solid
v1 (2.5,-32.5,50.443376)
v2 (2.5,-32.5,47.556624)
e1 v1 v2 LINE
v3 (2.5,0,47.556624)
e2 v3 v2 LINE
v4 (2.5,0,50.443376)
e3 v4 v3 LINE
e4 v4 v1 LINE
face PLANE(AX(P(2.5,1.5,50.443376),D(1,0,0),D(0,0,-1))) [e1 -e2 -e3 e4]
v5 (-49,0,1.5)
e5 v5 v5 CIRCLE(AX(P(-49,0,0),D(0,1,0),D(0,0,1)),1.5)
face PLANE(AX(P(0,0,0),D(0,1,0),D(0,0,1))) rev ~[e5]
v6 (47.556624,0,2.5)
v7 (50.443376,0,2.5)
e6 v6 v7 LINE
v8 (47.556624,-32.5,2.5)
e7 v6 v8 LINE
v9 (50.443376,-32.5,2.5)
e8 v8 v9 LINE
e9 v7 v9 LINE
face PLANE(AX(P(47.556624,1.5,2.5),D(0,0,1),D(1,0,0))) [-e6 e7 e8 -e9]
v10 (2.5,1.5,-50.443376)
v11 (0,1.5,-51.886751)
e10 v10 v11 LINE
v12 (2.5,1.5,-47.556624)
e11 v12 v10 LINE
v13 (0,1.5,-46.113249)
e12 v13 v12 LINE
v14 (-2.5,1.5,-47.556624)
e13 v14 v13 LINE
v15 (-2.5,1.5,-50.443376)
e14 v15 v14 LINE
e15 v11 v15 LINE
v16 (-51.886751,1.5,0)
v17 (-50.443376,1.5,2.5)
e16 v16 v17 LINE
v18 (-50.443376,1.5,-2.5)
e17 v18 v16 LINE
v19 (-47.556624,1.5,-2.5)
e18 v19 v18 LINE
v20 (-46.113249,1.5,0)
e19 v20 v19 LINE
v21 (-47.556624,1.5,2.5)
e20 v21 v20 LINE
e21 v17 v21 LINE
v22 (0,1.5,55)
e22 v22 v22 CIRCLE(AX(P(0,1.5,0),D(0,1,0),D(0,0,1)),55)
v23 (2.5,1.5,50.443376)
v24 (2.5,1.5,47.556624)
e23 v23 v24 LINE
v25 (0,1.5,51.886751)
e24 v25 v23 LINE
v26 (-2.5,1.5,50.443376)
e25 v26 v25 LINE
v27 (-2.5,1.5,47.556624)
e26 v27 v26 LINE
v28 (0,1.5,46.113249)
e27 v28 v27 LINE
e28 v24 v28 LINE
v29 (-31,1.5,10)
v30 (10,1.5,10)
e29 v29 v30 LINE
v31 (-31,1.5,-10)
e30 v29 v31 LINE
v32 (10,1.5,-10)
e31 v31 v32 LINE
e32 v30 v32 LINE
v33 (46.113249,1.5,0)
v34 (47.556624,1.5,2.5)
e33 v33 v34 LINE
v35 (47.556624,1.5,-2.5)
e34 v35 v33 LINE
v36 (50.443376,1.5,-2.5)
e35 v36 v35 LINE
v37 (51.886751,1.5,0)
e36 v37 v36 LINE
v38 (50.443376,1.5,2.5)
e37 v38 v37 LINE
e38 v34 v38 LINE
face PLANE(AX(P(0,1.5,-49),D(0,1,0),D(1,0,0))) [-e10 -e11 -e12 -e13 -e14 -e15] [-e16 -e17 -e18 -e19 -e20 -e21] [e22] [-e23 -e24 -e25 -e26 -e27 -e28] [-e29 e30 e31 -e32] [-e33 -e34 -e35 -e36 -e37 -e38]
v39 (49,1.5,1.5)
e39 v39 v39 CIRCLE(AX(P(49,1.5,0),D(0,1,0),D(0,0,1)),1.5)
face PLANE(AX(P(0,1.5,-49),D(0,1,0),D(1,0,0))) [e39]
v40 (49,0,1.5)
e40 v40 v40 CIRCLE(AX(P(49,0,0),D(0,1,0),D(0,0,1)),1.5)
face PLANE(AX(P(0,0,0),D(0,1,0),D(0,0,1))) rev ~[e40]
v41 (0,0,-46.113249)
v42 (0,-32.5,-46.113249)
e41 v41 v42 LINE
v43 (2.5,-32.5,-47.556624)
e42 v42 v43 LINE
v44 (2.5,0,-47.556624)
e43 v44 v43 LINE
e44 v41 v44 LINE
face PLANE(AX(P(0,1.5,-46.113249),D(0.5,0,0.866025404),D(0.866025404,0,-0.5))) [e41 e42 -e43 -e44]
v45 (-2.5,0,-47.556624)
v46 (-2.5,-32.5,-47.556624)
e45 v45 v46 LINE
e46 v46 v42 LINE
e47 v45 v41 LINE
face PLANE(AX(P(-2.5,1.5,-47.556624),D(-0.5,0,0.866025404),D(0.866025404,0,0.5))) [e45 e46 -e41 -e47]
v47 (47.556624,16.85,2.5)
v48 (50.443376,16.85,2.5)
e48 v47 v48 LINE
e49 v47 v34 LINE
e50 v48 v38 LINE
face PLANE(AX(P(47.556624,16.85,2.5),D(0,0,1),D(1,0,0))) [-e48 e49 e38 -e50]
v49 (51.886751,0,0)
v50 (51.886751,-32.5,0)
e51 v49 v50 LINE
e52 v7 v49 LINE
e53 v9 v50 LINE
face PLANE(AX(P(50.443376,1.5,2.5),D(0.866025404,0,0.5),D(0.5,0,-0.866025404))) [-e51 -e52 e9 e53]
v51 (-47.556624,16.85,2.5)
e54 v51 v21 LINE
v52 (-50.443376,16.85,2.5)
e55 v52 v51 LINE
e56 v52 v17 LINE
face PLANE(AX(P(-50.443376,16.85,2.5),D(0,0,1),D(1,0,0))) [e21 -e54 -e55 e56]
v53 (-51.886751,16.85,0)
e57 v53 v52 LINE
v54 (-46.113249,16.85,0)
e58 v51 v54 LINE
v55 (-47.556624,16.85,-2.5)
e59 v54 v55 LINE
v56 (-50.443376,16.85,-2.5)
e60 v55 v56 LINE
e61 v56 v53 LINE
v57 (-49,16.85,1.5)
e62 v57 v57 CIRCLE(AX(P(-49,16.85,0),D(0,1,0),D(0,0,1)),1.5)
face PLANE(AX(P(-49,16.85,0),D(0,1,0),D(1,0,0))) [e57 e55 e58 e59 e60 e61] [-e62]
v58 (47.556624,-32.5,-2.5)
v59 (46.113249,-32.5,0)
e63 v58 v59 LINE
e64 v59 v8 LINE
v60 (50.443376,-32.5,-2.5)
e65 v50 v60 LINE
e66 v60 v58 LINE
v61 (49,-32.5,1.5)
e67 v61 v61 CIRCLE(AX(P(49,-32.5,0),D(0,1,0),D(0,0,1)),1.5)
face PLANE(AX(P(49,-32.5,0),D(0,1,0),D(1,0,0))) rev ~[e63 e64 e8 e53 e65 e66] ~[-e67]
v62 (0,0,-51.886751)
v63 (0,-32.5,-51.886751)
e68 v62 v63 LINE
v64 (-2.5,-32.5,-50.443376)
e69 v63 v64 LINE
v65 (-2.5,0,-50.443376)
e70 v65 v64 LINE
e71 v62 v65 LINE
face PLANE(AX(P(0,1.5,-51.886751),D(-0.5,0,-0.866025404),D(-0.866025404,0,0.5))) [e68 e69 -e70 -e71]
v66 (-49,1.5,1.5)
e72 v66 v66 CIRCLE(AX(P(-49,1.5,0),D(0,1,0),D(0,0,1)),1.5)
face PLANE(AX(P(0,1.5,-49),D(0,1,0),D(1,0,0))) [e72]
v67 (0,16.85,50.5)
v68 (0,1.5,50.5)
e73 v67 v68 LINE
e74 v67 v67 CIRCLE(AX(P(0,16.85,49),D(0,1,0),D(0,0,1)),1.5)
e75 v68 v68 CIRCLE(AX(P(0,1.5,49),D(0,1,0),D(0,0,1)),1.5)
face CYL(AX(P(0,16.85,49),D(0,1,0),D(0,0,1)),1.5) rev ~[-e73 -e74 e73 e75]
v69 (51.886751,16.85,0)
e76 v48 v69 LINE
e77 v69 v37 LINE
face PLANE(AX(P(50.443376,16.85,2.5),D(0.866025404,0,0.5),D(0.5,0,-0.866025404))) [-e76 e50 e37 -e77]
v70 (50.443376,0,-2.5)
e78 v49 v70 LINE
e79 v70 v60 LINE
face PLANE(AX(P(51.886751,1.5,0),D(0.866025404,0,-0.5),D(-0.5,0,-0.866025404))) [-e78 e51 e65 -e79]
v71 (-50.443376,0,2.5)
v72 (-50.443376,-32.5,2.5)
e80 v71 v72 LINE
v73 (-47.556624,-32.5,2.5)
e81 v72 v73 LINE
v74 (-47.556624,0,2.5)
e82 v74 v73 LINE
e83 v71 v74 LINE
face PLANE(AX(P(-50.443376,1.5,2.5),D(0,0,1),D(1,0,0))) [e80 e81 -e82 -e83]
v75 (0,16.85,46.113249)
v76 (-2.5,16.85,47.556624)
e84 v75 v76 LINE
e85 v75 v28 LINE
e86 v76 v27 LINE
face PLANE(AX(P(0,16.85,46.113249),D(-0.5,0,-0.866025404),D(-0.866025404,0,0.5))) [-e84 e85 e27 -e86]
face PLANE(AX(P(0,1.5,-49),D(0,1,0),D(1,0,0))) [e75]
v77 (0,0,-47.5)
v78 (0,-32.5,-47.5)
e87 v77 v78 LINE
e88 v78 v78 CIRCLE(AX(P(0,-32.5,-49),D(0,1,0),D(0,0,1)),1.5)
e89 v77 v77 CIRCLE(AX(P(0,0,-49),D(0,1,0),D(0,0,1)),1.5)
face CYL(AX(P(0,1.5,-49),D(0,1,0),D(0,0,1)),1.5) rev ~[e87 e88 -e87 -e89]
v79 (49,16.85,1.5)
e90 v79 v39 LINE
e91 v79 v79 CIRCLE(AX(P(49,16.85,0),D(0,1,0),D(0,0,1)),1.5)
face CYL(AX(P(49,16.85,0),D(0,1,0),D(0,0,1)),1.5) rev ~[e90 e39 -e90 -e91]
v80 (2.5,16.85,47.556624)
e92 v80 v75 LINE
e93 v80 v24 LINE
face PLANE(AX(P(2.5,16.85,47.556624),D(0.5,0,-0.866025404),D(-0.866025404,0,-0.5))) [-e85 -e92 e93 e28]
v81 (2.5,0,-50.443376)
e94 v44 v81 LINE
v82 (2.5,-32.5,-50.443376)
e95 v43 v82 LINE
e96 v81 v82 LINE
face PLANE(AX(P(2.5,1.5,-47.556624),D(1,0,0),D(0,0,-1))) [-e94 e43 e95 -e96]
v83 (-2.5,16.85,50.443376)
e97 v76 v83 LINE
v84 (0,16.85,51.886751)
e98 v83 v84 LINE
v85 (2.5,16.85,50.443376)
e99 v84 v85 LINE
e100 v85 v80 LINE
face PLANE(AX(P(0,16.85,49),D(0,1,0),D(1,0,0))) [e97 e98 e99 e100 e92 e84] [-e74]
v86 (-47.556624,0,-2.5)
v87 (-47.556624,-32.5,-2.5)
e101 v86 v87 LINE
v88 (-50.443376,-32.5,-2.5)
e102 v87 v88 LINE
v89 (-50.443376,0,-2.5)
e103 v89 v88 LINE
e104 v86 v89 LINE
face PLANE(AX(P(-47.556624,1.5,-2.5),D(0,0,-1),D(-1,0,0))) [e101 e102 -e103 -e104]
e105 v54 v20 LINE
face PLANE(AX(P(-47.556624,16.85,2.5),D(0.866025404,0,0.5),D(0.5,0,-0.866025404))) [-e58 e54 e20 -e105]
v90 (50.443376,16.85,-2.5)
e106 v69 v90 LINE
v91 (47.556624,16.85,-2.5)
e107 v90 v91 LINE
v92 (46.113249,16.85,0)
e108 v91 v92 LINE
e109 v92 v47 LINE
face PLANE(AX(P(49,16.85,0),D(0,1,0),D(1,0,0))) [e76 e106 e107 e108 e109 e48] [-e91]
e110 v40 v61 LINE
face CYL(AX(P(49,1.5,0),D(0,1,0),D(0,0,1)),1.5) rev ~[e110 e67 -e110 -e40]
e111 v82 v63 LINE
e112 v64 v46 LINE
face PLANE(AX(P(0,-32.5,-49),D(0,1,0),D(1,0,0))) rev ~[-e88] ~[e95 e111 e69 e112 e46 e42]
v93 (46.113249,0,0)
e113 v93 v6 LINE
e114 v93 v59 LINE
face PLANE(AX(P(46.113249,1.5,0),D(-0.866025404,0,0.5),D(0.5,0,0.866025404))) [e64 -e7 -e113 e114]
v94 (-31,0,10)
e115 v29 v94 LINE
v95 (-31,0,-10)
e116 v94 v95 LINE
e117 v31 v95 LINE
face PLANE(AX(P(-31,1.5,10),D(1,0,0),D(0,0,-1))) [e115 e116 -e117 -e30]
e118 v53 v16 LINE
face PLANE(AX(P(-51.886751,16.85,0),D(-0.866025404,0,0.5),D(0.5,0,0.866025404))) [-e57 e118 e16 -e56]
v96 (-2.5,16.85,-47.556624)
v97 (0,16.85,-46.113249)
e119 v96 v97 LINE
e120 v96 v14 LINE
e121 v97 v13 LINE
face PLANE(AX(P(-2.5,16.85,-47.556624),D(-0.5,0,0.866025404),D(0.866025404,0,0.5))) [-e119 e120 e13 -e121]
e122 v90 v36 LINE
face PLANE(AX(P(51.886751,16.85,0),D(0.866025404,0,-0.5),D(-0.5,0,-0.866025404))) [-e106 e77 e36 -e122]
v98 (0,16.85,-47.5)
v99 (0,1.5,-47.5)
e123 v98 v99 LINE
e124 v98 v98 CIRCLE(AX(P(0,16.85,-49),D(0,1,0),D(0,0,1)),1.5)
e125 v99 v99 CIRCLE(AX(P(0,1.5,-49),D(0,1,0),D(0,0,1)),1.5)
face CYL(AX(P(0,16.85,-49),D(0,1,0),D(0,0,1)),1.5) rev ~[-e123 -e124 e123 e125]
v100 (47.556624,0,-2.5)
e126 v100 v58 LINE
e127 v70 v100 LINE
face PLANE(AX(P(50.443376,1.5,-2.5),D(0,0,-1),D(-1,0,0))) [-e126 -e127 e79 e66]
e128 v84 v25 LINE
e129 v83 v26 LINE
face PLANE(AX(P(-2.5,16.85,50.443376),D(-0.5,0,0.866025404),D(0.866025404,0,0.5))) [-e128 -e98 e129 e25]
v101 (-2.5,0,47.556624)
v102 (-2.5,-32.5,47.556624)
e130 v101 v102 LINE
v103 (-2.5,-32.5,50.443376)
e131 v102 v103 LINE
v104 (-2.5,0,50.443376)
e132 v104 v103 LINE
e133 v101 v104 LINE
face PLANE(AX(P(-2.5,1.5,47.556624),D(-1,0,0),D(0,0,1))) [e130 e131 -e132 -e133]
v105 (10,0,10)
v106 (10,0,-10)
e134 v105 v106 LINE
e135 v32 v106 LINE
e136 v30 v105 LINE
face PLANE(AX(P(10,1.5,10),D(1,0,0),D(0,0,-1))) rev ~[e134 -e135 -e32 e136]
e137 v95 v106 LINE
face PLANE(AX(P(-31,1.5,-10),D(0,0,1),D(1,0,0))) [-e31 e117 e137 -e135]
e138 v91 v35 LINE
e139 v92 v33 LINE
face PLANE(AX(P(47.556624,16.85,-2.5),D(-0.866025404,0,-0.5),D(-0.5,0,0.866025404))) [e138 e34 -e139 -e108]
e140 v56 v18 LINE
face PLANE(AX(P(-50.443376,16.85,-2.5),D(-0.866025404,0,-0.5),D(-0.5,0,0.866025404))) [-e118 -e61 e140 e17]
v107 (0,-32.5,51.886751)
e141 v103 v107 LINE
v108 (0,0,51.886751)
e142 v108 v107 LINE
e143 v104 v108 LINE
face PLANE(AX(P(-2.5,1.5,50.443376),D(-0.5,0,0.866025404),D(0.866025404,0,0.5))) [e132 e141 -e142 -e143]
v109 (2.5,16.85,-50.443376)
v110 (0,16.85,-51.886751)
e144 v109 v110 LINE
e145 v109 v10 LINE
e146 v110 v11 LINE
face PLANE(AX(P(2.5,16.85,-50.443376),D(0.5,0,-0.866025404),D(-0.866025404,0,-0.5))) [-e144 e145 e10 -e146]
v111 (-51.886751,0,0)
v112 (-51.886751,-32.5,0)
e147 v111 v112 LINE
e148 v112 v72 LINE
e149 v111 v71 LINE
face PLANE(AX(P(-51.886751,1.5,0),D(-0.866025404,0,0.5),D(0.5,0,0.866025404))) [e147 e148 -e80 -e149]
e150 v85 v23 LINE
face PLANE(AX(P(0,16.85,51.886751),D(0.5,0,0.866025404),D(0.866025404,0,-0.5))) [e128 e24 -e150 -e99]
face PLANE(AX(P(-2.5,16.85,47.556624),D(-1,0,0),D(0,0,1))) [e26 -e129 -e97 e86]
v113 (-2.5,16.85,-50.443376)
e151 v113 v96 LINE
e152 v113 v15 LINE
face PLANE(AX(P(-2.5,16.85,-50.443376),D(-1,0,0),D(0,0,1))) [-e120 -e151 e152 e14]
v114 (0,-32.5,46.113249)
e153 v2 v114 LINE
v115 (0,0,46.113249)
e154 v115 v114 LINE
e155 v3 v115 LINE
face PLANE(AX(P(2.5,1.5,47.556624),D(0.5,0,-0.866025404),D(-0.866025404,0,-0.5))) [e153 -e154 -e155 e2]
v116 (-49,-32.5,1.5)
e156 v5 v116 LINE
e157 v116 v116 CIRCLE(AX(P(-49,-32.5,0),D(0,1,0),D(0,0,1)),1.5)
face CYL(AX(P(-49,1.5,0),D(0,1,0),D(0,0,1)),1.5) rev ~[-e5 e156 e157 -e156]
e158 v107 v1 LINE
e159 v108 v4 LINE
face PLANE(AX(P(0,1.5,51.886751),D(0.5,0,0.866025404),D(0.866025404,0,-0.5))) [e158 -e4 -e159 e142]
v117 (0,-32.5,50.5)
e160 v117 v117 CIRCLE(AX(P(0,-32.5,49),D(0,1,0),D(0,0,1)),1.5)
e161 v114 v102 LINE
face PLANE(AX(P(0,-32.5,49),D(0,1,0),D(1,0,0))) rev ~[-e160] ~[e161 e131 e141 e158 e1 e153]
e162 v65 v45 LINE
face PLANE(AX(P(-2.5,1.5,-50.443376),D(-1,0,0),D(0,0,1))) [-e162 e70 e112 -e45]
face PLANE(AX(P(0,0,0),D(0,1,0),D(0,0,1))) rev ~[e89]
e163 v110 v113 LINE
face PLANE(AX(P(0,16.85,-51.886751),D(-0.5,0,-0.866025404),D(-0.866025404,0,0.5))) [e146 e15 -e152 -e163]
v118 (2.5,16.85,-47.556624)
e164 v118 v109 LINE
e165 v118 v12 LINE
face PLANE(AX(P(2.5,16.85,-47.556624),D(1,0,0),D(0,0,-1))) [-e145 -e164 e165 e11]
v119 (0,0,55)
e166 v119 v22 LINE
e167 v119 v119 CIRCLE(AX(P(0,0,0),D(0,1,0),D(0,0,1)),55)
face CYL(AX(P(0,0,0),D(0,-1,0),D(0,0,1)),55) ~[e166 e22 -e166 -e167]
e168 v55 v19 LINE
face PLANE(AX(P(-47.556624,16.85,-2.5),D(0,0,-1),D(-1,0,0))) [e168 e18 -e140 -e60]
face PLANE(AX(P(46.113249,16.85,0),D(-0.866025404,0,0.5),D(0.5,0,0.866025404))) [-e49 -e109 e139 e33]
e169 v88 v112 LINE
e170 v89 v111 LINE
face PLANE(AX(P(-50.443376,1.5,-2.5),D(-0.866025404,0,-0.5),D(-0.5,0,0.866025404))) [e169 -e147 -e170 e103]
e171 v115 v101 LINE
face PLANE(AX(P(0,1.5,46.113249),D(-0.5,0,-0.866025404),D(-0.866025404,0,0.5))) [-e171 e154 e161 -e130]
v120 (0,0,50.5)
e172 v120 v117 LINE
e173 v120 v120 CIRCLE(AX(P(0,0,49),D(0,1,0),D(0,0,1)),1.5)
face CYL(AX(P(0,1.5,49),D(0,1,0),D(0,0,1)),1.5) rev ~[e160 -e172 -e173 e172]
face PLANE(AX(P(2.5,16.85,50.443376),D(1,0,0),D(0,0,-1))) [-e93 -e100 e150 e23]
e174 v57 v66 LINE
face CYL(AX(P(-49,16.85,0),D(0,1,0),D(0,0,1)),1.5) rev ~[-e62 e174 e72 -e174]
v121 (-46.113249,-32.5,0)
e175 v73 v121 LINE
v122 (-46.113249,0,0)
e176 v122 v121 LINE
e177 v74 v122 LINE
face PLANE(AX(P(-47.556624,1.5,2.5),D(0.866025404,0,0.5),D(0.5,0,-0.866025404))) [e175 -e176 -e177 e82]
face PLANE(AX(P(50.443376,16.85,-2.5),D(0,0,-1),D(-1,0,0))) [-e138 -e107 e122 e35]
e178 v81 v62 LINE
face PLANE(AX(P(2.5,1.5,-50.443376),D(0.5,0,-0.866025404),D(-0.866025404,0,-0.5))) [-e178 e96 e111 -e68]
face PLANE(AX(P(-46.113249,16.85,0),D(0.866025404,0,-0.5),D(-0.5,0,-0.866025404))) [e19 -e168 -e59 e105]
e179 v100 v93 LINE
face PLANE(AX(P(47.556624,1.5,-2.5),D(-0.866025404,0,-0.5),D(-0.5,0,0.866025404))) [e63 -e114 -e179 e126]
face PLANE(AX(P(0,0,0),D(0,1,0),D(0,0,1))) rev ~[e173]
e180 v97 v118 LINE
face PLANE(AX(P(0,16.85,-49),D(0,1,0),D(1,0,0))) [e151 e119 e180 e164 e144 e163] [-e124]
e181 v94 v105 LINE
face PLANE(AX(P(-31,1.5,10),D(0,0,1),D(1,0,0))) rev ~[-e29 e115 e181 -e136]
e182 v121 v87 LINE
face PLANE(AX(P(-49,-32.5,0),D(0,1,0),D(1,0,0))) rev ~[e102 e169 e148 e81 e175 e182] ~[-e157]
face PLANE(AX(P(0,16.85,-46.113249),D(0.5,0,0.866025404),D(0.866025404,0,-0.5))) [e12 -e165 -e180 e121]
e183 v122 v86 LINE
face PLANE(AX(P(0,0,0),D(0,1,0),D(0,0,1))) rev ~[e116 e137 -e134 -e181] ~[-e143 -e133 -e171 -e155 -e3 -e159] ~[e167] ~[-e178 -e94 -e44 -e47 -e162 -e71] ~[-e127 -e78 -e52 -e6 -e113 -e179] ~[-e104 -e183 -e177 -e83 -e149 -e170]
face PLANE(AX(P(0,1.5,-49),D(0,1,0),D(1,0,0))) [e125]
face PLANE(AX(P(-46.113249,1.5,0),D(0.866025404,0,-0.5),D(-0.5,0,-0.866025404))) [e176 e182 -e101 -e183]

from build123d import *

# Parameters (mm, degrees)
SKETCH_1_R          = 55
EXTRUDE_1_DEPTH     = 1.5
SKETCH_2_W          = 41
SKETCH_2_H          = 20
CUT_EXTRUDE_1_DEPTH = 1.5
SKETCH_3_R          = 1.5
EXTRUDE_3_DEPTH     = 34
EXTRUDE_START       = 15.35
SKETCH_3_3_R        = 1.5
EXTRUDE_4_DEPTH     = 15.35


with BuildPart() as part:
    # 草图1 → 凸台-拉伸1 (new body)
    with BuildSketch(Plane(origin=(0, 0, 0), x_dir=(1, 0, 0), z_dir=(0, 1, 0))):
        Circle(SKETCH_1_R)
    extrude(amount=EXTRUDE_1_DEPTH)

    # 草图2 → 切除-拉伸1 (cut)
    with BuildSketch(Plane(origin=(0, 1.5, 0), x_dir=(1, 0, 0), z_dir=(0, 1, 0))):
        with Locations((-10.5, 0)):
            Rectangle(SKETCH_2_W, SKETCH_2_H)
    extrude(amount=-CUT_EXTRUDE_1_DEPTH, mode=Mode.SUBTRACT)

    # 草图3 → 凸台-拉伸3 (add)
    # profile 1 of 4: a face of its own
    with BuildSketch(Plane(origin=(0, 1.5, 0), x_dir=(1, 0, 0), z_dir=(0, 1, 0))):
        Polygon((-2.5, 47.556624327), (0, 46.113248654), (2.5, 47.556624327), (2.5, 50.443375673), (0, 51.886751346), (-2.5, 50.443375673), align=None)
        with Locations((0, 49)):
            Circle(SKETCH_3_R, mode=Mode.SUBTRACT)
    # profile 2 of 4: a face of its own
    with BuildSketch(Plane(origin=(0, 1.5, 0), x_dir=(1, 0, 0), z_dir=(0, 1, 0))):
        Polygon((-46.113248654, 0), (-47.556624327, 2.5), (-50.443375673, 2.5), (-51.886751346, 0), (-50.443375673, -2.5), (-47.556624327, -2.5), align=None)
        with Locations((-49, 0)):
            Circle(SKETCH_3_R, mode=Mode.SUBTRACT)
    # profile 3 of 4: a face of its own
    with BuildSketch(Plane(origin=(0, 1.5, 0), x_dir=(1, 0, 0), z_dir=(0, 1, 0))):
        Polygon((47.556624327, 2.5), (46.113248654, 0), (47.556624327, -2.5), (50.443375673, -2.5), (51.886751346, 0), (50.443375673, 2.5), align=None)
        with Locations((49, 0)):
            Circle(SKETCH_3_R, mode=Mode.SUBTRACT)
    # profile 4 of 4: a face of its own
    with BuildSketch(Plane(origin=(0, 1.5, 0), x_dir=(1, 0, 0), z_dir=(0, 1, 0))):
        Polygon((2.5, -47.556624327), (0, -46.113248654), (-2.5, -47.556624327), (-2.5, -50.443375673), (0, -51.886751346), (2.5, -50.443375673), align=None)
        with Locations((0, -49)):
            Circle(SKETCH_3_R, mode=Mode.SUBTRACT)
    extrude(amount=-EXTRUDE_3_DEPTH)

    # 草图3<3> → 凸台-拉伸4 (add)
    # profile 1 of 4: a face of its own
    with BuildSketch(Plane(origin=(0, 1.5, 0), x_dir=(1, 0, 0), z_dir=(0, 1, 0)).offset(EXTRUDE_START)):
        Polygon((-2.5, 47.556624327), (0, 46.113248654), (2.5, 47.556624327), (2.5, 50.443375673), (0, 51.886751346), (-2.5, 50.443375673), align=None)
        with Locations((0, 49)):
            Circle(SKETCH_3_3_R, mode=Mode.SUBTRACT)
    # profile 2 of 4: a face of its own
    with BuildSketch(Plane(origin=(0, 1.5, 0), x_dir=(1, 0, 0), z_dir=(0, 1, 0)).offset(EXTRUDE_START)):
        Polygon((-46.113248654, 0), (-47.556624327, 2.5), (-50.443375673, 2.5), (-51.886751346, 0), (-50.443375673, -2.5), (-47.556624327, -2.5), align=None)
        with Locations((-49, 0)):
            Circle(SKETCH_3_3_R, mode=Mode.SUBTRACT)
    # profile 3 of 4: a face of its own
    with BuildSketch(Plane(origin=(0, 1.5, 0), x_dir=(1, 0, 0), z_dir=(0, 1, 0)).offset(EXTRUDE_START)):
        Polygon((47.556624327, 2.5), (46.113248654, 0), (47.556624327, -2.5), (50.443375673, -2.5), (51.886751346, 0), (50.443375673, 2.5), align=None)
        with Locations((49, 0)):
            Circle(SKETCH_3_3_R, mode=Mode.SUBTRACT)
    # profile 4 of 4: a face of its own
    with BuildSketch(Plane(origin=(0, 1.5, 0), x_dir=(1, 0, 0), z_dir=(0, 1, 0)).offset(EXTRUDE_START)):
        Polygon((2.5, -47.556624327), (0, -46.113248654), (-2.5, -47.556624327), (-2.5, -50.443375673), (0, -51.886751346), (2.5, -50.443375673), align=None)
        with Locations((0, -49)):
            Circle(SKETCH_3_3_R, mode=Mode.SUBTRACT)
    extrude(amount=-EXTRUDE_4_DEPTH)


solid = part.part
